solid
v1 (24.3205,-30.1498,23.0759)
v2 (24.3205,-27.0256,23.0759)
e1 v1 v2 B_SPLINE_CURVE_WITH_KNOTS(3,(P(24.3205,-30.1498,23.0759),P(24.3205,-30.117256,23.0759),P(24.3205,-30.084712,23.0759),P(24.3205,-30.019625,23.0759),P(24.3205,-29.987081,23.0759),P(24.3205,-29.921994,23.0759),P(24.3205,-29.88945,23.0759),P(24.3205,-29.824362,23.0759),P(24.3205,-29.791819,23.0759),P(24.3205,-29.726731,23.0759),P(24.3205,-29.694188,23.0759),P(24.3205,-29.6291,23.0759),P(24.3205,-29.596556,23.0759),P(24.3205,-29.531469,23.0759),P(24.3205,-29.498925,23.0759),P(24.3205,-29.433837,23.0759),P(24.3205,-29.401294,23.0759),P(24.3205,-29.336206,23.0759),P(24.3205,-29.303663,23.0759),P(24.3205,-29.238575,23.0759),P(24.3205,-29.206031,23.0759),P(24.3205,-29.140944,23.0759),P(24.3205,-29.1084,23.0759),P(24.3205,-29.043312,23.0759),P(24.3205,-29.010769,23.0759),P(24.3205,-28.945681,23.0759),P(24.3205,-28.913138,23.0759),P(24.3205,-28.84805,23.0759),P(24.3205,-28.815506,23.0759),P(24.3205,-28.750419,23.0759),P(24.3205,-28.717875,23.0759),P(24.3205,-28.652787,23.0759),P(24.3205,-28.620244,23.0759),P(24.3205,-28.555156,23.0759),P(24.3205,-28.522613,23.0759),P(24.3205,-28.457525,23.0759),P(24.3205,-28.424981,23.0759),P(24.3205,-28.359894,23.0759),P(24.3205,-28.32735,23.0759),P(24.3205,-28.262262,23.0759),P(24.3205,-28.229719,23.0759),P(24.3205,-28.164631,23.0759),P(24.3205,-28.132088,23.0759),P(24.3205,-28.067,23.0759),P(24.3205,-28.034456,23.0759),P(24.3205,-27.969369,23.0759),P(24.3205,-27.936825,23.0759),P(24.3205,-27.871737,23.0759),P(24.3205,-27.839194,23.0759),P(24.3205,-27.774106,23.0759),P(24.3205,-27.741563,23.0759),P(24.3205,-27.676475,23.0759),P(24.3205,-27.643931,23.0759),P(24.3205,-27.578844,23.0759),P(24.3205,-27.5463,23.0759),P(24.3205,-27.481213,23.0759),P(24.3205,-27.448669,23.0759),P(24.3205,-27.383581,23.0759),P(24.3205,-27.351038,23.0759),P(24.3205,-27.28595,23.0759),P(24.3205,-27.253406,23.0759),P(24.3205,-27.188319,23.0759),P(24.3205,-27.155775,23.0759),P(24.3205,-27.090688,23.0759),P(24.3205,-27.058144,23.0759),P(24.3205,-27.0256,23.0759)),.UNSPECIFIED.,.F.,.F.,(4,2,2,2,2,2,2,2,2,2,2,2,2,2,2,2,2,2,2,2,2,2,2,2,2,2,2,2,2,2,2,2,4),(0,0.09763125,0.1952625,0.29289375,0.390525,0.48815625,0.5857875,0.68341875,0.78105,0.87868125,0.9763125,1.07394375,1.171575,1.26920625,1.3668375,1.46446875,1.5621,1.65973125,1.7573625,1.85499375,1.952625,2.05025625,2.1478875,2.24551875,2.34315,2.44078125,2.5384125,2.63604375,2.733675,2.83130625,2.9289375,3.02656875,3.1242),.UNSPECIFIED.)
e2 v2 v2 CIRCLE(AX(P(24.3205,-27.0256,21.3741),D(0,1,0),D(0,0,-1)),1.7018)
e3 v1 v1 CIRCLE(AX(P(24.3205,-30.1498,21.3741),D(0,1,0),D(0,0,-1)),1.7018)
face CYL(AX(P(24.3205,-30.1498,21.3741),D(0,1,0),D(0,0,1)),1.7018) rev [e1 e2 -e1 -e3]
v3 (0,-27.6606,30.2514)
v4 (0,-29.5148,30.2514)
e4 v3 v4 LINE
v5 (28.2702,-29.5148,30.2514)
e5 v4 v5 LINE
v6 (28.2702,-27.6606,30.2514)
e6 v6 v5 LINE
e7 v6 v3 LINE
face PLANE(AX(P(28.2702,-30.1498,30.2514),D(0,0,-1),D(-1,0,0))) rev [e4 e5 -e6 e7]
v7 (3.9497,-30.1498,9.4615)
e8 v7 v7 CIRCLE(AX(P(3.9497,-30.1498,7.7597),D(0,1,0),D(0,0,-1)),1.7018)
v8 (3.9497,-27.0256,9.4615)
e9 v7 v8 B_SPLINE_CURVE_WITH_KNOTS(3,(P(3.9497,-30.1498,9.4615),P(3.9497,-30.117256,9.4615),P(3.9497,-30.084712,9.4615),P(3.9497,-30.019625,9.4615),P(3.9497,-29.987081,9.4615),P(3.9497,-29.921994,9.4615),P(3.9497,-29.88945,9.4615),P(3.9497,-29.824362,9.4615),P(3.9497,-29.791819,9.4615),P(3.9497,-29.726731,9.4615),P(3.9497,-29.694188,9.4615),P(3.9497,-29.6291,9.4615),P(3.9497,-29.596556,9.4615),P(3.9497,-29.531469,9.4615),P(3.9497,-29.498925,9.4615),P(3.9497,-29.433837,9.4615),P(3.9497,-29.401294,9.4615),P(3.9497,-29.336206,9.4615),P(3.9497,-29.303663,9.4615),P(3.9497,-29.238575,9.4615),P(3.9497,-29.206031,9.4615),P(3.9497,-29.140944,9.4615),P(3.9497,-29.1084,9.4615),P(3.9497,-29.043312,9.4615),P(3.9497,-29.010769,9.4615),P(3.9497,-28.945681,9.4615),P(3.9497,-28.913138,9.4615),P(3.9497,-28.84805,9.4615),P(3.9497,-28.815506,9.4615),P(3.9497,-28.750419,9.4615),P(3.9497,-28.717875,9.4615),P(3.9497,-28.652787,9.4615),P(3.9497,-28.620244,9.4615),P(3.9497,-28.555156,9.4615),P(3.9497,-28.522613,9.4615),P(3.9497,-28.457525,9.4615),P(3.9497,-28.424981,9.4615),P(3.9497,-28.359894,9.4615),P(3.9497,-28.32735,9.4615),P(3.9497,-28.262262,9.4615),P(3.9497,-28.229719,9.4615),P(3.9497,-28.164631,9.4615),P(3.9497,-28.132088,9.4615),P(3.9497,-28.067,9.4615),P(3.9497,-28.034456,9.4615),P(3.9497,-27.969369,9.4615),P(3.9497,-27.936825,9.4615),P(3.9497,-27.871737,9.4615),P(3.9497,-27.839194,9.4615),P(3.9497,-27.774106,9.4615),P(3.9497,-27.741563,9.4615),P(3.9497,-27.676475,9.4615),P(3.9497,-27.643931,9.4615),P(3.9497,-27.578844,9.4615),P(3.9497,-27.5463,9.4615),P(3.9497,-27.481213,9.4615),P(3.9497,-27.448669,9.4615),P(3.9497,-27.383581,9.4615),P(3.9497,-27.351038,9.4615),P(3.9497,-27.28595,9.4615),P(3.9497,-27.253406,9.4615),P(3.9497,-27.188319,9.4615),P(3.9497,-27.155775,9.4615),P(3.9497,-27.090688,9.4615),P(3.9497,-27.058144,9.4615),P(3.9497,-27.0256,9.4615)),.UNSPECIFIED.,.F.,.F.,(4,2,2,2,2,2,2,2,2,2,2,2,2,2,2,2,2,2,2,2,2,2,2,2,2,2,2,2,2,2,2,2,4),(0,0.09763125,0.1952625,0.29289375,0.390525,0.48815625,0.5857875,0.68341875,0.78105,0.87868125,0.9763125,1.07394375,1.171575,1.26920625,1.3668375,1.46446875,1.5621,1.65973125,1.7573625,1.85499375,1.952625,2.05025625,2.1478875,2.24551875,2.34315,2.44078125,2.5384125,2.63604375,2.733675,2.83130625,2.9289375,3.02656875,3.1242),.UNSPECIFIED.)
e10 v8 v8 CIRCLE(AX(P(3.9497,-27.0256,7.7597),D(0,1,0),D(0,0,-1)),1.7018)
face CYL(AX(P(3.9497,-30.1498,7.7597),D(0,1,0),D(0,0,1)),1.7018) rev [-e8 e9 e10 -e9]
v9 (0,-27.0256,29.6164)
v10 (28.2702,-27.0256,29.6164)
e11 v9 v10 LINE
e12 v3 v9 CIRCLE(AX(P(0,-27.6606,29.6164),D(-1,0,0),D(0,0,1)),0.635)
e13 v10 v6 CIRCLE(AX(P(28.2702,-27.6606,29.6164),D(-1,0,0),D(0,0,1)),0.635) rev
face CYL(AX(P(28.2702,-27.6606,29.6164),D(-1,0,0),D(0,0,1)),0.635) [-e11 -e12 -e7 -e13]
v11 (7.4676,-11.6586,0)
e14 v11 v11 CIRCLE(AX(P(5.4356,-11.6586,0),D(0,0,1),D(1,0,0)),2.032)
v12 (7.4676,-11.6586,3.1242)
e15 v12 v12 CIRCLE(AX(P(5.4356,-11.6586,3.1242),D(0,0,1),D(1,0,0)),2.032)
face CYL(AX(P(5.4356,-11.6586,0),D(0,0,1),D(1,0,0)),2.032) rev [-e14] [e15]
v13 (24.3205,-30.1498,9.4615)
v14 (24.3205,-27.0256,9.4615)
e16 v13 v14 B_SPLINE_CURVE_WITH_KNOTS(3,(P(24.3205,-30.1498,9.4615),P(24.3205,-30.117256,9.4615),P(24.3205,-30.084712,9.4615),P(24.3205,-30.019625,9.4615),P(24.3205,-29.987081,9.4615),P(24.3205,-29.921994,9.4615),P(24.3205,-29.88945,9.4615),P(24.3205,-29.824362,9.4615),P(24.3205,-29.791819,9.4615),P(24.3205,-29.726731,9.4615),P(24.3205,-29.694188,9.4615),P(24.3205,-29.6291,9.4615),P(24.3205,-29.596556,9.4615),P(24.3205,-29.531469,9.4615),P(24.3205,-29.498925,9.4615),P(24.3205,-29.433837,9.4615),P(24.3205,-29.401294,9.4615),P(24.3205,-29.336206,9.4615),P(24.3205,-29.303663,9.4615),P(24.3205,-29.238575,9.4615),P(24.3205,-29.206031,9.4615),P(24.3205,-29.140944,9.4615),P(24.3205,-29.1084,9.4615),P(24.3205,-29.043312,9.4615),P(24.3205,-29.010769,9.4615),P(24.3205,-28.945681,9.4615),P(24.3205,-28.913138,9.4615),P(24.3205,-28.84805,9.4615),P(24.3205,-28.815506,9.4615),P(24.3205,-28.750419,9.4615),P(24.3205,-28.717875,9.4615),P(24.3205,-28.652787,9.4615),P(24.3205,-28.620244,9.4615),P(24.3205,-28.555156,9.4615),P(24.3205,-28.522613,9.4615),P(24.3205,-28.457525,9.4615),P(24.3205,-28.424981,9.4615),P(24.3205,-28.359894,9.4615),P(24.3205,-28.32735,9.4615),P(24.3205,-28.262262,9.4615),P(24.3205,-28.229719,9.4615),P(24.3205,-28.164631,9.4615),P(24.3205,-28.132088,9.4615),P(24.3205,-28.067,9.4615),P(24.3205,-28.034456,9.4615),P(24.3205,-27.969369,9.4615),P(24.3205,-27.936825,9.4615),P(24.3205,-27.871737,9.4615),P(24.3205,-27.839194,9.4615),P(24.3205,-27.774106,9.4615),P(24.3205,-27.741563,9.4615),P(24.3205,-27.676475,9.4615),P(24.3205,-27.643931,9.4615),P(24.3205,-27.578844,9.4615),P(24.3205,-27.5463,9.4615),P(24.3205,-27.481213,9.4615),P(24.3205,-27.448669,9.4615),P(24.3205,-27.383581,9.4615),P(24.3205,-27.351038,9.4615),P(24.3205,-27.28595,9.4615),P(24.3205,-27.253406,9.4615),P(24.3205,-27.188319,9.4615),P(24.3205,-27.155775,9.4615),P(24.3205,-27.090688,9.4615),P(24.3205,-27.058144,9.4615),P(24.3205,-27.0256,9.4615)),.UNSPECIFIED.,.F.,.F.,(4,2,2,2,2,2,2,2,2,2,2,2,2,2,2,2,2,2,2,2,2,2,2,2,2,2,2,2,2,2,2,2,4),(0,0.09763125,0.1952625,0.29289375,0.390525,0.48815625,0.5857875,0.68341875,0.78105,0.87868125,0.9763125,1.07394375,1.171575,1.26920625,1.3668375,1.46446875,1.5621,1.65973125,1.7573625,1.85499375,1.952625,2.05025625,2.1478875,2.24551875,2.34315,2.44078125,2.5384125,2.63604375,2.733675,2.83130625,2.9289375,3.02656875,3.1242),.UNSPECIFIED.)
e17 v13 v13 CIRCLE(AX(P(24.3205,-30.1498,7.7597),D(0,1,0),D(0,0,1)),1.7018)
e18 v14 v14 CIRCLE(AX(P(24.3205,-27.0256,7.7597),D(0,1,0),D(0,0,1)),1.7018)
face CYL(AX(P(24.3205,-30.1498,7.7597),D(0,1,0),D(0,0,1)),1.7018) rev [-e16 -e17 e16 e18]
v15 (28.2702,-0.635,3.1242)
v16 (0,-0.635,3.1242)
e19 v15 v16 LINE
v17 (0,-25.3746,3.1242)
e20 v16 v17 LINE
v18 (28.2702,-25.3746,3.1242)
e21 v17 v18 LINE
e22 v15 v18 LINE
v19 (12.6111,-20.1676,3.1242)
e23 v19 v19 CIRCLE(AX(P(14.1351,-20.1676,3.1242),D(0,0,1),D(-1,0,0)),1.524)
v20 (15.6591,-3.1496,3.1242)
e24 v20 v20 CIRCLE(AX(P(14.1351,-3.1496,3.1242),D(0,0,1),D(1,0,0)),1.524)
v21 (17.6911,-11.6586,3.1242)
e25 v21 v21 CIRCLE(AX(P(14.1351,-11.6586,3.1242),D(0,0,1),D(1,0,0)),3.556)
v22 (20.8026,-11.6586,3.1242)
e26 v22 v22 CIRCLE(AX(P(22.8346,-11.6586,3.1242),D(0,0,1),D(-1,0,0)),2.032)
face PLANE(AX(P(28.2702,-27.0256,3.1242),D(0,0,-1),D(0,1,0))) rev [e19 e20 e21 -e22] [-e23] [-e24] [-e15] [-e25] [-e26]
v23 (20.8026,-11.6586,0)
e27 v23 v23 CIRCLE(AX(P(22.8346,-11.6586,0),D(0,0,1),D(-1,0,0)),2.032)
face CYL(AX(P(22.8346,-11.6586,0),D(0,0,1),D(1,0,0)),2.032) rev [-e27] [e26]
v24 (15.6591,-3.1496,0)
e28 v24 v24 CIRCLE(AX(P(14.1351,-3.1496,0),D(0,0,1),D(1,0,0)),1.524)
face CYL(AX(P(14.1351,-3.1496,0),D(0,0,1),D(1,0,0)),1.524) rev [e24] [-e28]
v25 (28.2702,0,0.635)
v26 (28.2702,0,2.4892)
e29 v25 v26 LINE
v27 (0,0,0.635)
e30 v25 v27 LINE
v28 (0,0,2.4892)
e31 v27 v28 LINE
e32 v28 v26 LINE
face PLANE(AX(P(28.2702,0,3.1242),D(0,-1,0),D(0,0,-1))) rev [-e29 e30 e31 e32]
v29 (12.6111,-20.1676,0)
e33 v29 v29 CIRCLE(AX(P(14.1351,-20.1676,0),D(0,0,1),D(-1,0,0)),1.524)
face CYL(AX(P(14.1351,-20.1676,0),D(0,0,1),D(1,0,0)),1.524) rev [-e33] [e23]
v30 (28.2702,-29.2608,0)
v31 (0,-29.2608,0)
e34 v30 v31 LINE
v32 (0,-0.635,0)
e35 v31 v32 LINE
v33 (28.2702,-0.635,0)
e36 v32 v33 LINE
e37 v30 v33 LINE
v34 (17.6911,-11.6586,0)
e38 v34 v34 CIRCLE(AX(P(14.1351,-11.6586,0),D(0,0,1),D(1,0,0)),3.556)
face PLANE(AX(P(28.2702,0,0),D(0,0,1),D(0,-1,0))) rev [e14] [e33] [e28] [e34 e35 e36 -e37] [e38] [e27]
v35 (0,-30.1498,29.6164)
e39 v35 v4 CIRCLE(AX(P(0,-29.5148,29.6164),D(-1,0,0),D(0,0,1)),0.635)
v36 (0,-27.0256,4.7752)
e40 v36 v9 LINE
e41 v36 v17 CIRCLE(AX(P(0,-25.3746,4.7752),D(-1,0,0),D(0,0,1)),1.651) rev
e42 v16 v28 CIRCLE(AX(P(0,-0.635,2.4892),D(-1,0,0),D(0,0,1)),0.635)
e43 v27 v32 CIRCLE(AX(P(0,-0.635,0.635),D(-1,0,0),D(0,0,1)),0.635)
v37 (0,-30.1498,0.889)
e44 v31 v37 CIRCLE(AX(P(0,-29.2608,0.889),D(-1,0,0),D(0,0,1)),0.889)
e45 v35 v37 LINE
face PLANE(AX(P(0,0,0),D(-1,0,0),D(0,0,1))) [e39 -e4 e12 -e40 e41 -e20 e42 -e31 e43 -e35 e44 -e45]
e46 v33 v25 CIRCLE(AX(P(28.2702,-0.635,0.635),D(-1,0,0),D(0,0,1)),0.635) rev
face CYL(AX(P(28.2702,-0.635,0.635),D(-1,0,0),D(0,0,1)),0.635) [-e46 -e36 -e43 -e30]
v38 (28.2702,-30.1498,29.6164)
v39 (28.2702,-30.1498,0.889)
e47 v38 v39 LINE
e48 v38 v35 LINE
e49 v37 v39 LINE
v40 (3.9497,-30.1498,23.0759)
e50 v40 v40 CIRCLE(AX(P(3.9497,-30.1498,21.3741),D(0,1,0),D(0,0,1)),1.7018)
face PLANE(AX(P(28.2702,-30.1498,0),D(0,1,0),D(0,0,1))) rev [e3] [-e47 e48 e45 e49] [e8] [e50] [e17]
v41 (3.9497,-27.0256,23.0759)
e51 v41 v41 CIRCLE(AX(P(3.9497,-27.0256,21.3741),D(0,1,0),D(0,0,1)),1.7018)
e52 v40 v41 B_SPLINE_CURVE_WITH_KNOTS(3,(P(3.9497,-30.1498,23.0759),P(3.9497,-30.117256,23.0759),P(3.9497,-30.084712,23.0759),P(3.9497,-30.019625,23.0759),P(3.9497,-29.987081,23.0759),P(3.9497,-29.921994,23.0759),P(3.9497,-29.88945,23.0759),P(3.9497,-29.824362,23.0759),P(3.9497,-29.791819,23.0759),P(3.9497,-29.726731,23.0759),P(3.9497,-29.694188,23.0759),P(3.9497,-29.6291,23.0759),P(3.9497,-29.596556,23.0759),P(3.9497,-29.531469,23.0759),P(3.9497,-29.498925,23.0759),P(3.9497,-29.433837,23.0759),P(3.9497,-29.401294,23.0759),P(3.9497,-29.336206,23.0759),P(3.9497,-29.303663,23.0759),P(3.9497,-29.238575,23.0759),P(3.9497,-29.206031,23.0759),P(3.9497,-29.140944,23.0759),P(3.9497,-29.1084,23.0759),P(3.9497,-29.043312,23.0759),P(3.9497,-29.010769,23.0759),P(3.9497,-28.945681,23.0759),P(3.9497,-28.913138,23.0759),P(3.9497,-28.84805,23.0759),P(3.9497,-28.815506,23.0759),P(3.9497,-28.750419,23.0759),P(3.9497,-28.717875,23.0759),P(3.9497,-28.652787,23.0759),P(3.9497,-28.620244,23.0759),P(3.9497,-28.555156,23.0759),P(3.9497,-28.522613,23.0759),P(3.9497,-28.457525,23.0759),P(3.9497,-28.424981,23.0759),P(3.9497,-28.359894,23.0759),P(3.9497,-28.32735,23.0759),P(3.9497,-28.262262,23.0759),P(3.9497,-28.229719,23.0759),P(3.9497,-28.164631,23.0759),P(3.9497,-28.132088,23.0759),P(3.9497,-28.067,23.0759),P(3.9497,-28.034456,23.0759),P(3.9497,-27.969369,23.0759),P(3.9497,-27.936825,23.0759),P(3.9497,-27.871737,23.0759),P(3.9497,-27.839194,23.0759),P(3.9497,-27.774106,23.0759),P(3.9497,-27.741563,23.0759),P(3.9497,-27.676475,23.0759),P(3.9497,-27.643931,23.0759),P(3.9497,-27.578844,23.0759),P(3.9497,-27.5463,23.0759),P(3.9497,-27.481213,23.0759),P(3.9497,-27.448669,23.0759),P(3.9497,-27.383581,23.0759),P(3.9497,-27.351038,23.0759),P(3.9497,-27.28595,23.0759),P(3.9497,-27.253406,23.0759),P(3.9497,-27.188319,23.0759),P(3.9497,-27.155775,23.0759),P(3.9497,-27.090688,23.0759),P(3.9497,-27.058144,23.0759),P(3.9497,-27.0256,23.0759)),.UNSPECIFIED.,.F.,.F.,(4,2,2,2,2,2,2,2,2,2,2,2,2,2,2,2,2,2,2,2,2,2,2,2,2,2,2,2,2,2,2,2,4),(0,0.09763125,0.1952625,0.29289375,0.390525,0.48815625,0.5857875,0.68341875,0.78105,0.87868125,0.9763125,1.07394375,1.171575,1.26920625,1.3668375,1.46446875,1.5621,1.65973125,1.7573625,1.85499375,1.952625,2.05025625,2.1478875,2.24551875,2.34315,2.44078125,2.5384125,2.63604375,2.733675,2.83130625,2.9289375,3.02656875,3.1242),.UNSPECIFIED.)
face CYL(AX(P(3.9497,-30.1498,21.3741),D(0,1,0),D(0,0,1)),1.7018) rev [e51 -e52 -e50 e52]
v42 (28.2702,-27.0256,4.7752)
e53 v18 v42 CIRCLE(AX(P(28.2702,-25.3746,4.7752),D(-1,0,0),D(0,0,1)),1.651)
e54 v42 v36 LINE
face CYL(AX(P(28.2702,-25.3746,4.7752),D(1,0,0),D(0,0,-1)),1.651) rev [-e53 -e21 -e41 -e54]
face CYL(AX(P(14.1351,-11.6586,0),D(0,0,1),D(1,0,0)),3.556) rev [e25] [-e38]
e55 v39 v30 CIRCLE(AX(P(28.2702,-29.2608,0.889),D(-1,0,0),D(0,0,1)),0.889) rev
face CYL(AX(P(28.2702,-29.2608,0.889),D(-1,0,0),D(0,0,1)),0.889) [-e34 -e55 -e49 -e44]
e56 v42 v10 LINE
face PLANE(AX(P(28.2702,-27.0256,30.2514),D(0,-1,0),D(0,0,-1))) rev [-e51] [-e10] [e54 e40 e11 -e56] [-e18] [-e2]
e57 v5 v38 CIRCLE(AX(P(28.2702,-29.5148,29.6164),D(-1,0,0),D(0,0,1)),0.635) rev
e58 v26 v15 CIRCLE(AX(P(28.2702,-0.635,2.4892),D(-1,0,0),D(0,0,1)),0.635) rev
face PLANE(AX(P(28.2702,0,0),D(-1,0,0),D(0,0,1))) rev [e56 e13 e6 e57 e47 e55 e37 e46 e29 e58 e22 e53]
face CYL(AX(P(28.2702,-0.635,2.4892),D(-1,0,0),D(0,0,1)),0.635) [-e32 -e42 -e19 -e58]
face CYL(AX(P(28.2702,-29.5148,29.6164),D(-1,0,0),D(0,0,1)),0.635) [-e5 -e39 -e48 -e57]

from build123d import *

# Parameters (mm, degrees)
BOSS_EXTRUDE1_DEPTH     = 28.2702
SKETCH2_R               = 3.556
SKETCH2_R_2             = 1.524
SKETCH2_R_3             = 2.032
MOTOR_MOUNT_HOLES_DEPTH = 50.437835996
SKETCH3_R               = 1.7018
PLATE_MOUNT_HOLES_DEPTH = 50.444256141
FILLET1_R               = 1.651
FILLET2_R               = 0.889
FILLET3_R               = 0.635


with BuildPart() as part:
    # Sketch1 → Boss-Extrude1 (new body)
    with BuildSketch(Plane(origin=(0, 0, 0), x_dir=(0, 0, -1), z_dir=(1, 0, 0))):
        Polygon((0, 0), (0, -30.1498), (-30.2514, -30.1498), (-30.2514, -27.0256), (-3.1242, -27.0256), (-3.1242, 0), align=None)
    extrude(amount=BOSS_EXTRUDE1_DEPTH)

    # Sketch2 → Motor_Mount_holes (cut, through all)
    with BuildSketch(Plane.XY.offset(3.1242)):
        with Locations((14.1351, -11.6586)):
            Circle(SKETCH2_R)
        with Locations((14.1351, -3.1496)):
            Circle(SKETCH2_R_2)
        with Locations((5.4356, -11.6586)):
            Circle(SKETCH2_R_3)
        with Locations(Location((22.8346, -11.6586, 0), (0, 0, 180))):
            Circle(SKETCH2_R_3)
        with Locations(Location((14.1351, -20.1676, 0), (0, 0, 180))):
            Circle(SKETCH2_R_2)
    extrude(amount=-MOTOR_MOUNT_HOLES_DEPTH, mode=Mode.SUBTRACT)

    # Sketch3 → Plate_Mount_Holes (cut, through all)
    with BuildSketch(Plane(origin=(0, -27.0256, 0), x_dir=(1, 0, 0), z_dir=(0, 1, 0))):
        with Locations(Location((24.3205, -7.7597, 0), (0, 0, 270))):
            Circle(SKETCH3_R)
        with Locations(Location((3.9497, -7.7597, 0), (0, 0, 270))):
            Circle(SKETCH3_R)
        with Locations(Location((3.9497, -21.3741, 0), (0, 0, 270))):
            Circle(SKETCH3_R)
        with Locations(Location((24.3205, -21.3741, 0), (0, 0, 270))):
            Circle(SKETCH3_R)
    extrude(amount=-PLATE_MOUNT_HOLES_DEPTH, mode=Mode.SUBTRACT)

    # Fillet1
    fillet1_edges = [part.edges().sort_by_distance(p)[0] for p in [
        (14.1351, -27.0256, 3.1242),
    ]]
    fillet(fillet1_edges, radius=FILLET1_R)

    # Fillet2
    fillet2_edges = [part.edges().sort_by_distance(p)[0] for p in [
        (14.1351, -30.1498, 0),
    ]]
    fillet(fillet2_edges, radius=FILLET2_R)

    # Fillet3
    fillet3_edges = [part.edges().sort_by_distance(p)[0] for p in [
        (14.1351, 0, 0),
        (14.1351, -30.1498, 30.2514),
        (14.1351, -27.0256, 30.2514),
        (14.1351, 0, 3.1242),
    ]]
    fillet(fillet3_edges, radius=FILLET3_R)


solid = part.part
